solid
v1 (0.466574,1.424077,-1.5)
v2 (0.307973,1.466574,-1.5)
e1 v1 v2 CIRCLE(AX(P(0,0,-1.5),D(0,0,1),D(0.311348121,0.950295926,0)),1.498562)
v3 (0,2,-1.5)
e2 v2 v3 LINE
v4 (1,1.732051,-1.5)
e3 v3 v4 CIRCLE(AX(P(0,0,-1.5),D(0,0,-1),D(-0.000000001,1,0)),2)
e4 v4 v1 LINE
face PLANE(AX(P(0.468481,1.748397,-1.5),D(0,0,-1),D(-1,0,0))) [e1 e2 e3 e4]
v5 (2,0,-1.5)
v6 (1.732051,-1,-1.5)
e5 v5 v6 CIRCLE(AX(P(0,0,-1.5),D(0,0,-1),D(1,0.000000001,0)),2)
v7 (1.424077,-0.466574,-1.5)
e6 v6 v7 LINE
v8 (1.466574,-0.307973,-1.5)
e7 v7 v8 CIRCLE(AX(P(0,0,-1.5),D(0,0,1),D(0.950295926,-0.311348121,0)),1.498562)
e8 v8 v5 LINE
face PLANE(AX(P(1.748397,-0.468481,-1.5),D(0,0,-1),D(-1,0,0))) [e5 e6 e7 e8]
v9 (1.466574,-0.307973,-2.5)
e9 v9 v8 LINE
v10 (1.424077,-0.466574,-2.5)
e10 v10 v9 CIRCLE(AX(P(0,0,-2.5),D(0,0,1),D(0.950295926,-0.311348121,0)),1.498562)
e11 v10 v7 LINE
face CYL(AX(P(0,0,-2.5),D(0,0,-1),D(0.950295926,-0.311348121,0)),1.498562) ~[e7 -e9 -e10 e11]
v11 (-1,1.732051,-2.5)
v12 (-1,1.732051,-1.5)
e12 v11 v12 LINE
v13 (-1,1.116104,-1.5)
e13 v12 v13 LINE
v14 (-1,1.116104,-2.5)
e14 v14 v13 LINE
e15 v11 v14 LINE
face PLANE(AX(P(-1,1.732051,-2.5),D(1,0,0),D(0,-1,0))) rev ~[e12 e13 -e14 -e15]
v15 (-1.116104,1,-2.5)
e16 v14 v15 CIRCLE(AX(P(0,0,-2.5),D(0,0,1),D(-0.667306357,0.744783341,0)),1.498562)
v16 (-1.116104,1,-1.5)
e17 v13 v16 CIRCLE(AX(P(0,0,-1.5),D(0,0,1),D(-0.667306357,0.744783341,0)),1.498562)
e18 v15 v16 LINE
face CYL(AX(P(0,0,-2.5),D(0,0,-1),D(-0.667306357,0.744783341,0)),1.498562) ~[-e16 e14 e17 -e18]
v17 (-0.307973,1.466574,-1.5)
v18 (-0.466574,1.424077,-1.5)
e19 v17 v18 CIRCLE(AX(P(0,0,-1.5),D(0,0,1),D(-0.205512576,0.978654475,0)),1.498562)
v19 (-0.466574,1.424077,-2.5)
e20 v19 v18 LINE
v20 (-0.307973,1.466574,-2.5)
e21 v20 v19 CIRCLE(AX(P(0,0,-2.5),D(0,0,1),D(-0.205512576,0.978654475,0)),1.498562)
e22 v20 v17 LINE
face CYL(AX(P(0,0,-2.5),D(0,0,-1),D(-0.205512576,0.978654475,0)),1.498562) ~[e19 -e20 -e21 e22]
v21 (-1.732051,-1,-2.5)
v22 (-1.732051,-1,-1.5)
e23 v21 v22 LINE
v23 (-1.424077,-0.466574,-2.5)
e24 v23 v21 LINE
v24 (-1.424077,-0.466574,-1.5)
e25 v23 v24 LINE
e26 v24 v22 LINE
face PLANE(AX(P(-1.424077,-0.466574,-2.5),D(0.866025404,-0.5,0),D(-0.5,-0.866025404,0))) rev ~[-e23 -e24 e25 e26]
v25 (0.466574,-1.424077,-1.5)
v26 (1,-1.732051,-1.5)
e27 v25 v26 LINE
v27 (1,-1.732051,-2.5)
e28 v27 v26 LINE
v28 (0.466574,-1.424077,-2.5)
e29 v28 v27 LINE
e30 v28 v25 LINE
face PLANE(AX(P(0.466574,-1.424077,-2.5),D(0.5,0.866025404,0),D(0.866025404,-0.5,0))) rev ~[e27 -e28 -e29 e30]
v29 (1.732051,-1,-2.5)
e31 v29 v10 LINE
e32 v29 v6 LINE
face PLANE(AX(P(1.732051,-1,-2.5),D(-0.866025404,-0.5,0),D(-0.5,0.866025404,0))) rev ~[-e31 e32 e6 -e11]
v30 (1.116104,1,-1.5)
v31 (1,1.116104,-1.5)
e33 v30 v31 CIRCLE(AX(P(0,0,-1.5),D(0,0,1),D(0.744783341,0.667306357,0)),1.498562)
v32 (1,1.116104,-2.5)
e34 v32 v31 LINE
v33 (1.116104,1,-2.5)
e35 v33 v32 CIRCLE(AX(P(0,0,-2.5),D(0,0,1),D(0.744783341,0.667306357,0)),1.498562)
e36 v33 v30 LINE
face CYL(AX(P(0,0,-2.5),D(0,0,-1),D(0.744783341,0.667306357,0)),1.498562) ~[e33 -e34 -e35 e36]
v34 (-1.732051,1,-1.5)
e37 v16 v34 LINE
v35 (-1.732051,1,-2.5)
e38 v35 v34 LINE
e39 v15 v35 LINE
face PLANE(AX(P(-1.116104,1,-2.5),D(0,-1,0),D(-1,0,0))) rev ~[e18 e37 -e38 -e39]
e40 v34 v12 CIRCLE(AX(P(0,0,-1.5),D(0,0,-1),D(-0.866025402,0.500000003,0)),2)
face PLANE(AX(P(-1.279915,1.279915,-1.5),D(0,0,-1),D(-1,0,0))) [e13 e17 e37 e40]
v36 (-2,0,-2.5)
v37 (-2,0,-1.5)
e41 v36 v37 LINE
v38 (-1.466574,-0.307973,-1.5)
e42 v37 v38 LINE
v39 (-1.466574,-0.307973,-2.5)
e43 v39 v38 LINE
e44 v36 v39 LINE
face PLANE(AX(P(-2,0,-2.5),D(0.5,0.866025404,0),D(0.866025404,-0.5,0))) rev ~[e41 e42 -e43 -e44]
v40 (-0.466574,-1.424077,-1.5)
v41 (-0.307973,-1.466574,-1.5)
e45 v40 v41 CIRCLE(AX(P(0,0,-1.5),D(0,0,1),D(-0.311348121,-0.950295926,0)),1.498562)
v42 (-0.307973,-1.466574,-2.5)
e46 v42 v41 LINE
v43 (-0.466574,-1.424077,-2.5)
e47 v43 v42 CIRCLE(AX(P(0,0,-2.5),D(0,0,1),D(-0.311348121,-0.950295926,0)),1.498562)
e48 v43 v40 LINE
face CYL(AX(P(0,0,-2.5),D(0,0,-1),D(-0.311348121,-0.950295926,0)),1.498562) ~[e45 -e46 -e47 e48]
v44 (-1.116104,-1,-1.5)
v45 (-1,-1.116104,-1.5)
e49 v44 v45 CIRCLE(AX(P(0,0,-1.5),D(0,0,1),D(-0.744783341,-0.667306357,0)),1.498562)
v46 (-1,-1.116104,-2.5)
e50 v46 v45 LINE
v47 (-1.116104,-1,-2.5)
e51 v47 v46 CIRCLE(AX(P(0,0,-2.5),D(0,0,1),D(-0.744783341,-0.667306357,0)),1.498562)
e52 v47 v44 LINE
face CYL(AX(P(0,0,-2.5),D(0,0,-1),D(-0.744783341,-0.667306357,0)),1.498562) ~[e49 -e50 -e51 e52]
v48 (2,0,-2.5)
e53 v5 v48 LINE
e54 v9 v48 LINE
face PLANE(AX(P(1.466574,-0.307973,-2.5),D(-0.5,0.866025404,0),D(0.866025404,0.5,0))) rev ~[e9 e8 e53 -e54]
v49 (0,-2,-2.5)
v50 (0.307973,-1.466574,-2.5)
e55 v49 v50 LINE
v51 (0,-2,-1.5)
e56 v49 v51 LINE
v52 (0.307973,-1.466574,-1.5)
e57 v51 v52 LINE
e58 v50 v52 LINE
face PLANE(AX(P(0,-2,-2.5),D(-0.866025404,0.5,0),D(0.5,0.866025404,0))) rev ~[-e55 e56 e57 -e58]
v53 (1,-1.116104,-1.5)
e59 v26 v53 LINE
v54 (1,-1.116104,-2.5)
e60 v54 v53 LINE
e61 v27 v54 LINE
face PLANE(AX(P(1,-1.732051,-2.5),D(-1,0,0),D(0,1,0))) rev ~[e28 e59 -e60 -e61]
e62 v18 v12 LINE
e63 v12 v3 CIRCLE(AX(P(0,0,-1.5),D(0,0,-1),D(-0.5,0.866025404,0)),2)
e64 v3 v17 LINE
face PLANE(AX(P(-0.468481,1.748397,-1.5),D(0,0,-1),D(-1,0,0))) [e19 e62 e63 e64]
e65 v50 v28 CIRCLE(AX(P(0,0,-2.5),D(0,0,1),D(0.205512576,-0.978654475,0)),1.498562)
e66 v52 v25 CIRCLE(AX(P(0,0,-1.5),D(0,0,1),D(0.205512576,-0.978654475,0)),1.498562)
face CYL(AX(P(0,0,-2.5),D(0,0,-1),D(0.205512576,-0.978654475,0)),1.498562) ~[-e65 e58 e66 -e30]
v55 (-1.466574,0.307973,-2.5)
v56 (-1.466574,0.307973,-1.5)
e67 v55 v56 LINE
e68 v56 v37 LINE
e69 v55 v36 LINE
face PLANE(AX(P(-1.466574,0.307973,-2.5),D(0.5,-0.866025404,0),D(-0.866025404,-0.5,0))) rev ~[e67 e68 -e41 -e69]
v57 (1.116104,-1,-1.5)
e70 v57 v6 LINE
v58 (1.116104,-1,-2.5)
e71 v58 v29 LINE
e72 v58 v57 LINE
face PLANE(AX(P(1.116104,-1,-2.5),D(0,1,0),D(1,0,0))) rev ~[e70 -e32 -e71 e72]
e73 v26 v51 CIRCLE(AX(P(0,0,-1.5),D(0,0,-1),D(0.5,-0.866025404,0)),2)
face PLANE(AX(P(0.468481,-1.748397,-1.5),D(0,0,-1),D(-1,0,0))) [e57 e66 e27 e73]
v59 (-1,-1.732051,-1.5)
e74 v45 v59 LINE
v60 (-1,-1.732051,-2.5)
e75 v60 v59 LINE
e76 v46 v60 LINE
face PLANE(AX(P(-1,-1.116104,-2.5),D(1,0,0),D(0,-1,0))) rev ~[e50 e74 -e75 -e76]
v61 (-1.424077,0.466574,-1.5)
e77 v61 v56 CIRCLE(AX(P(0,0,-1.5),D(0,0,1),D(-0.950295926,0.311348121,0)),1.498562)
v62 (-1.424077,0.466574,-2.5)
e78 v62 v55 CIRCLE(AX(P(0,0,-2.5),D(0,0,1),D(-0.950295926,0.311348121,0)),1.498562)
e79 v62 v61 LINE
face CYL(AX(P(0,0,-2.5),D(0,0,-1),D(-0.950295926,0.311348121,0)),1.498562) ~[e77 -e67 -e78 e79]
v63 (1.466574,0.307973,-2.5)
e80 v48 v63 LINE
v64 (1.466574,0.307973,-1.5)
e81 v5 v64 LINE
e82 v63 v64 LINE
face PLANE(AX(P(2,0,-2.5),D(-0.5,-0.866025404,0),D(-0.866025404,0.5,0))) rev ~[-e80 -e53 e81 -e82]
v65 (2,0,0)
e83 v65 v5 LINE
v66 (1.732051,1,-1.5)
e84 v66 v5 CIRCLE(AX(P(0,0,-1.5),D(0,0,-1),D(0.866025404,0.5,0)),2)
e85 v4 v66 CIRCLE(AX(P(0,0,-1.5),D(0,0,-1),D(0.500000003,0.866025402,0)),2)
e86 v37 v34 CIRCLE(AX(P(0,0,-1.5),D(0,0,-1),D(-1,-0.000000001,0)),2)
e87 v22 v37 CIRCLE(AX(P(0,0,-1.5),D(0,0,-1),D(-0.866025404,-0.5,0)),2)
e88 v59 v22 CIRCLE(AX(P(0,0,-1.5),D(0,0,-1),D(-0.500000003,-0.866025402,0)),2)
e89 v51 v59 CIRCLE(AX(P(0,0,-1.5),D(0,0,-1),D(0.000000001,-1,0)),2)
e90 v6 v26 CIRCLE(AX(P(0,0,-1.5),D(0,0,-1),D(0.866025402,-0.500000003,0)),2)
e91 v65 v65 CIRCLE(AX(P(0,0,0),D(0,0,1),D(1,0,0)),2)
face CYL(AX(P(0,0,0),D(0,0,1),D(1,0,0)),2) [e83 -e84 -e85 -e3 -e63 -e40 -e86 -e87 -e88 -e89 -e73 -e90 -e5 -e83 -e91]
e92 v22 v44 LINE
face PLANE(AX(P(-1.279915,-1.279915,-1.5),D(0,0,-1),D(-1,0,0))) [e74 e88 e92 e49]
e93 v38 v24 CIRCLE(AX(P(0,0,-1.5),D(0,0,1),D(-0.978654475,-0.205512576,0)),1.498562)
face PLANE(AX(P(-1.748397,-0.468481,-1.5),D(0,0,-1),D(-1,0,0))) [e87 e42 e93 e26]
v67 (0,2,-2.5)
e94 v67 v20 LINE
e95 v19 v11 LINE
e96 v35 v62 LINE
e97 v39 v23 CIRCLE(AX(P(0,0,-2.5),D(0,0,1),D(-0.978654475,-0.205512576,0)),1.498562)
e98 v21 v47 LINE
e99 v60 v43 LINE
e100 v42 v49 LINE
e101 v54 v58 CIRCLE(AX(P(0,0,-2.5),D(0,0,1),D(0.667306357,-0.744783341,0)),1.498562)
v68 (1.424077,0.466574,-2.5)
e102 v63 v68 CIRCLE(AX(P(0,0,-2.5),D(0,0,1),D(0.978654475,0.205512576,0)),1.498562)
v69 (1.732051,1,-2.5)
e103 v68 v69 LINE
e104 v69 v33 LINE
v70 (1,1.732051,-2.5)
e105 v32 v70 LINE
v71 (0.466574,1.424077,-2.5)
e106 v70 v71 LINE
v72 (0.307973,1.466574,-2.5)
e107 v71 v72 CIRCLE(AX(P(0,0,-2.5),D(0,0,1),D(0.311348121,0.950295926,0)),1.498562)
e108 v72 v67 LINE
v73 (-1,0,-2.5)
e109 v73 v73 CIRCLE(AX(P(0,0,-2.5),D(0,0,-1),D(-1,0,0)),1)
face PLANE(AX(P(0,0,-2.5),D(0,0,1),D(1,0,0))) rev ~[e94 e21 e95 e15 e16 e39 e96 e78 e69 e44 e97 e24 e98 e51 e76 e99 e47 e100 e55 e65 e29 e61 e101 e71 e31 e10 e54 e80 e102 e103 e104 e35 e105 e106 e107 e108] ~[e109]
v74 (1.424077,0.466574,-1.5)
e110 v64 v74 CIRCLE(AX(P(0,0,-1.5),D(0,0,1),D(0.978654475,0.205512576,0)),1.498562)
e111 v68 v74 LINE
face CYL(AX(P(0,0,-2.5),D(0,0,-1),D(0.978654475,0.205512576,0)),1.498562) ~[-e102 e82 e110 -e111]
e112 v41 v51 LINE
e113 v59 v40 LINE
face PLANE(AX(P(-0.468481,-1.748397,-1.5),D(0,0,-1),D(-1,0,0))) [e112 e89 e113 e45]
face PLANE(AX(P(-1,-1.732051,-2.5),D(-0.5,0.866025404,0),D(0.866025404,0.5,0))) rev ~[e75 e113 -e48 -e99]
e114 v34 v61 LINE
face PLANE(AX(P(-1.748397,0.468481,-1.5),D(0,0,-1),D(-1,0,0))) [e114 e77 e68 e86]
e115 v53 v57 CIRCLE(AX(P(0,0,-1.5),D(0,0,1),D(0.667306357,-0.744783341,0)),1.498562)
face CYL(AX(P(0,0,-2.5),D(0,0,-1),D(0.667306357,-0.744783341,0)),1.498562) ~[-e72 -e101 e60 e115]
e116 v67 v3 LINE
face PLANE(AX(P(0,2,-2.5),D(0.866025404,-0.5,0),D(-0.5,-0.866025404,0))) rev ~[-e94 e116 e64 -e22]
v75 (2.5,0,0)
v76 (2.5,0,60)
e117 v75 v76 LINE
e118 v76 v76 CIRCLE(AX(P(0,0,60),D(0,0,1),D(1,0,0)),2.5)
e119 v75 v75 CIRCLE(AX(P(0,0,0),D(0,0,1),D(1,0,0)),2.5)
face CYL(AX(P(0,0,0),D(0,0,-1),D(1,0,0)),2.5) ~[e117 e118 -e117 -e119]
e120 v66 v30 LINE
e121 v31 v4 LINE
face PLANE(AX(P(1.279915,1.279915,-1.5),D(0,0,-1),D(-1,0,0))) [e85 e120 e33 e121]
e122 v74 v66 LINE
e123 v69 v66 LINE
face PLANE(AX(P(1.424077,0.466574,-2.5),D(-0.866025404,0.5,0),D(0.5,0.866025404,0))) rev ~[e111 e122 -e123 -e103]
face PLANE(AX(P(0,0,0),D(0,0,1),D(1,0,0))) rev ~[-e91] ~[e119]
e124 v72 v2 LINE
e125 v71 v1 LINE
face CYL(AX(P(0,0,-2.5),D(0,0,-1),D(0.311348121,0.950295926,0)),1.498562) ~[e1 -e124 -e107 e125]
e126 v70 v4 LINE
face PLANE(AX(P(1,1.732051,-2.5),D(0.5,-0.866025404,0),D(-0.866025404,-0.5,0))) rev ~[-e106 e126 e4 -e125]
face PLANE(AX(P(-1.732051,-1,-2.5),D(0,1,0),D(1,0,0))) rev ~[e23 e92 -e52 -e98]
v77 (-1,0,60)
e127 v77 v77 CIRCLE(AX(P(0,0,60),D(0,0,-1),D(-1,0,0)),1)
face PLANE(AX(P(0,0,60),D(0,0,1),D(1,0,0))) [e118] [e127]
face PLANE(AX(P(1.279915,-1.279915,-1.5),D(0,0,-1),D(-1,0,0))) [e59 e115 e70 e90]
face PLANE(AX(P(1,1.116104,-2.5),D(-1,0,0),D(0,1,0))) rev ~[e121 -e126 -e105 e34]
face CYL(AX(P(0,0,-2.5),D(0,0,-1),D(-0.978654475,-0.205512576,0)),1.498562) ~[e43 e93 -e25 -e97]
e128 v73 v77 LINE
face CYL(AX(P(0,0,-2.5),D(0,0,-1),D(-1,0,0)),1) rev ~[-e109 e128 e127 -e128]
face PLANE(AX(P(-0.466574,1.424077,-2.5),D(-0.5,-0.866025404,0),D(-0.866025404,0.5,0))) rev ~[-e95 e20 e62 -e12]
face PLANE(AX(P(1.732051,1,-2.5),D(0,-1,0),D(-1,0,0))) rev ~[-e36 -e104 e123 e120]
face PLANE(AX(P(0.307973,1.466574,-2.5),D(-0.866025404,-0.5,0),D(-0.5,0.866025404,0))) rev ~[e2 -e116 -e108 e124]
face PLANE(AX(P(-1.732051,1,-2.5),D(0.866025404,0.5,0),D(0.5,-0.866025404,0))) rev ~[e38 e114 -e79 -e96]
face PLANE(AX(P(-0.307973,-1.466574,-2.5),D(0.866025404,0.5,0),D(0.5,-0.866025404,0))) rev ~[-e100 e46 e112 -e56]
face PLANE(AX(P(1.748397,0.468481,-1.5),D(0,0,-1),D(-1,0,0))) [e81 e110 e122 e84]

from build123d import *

# Parameters (mm, degrees)
IZIM1_R                     = 2.5
Y_KSEKLIK_EKSTR_ZYON1_DEPTH = 60
IZIM2_R                     = 2
Y_KSEKLIK_EKSTR_ZYON2_DEPTH = 2.5
KES_EKSTR_ZYON1_DEPTH       = 1
IZIM5_R                     = 1
KES_EKSTR_ZYON2_DEPTH       = 71


with BuildPart() as part:
    # Çizim1 → Yükseklik-Ekstrüzyon1 (new body)
    with BuildSketch(Plane.XY):
        Circle(IZIM1_R)
    extrude(amount=Y_KSEKLIK_EKSTR_ZYON1_DEPTH)

    # Çizim2 → Yükseklik-Ekstrüzyon2 (add)
    with BuildSketch(Plane.XY):
        Circle(IZIM2_R)
    extrude(amount=-Y_KSEKLIK_EKSTR_ZYON2_DEPTH)

    # Çizim4 → Kes-Ekstrüzyon1 (cut)
    with BuildSketch(Plane(origin=(0, 0, -2.5), x_dir=(-1, 0, 0), z_dir=(0, 0, -1))):
        with BuildLine():
            Line((-1.116104082, -1), (-1.732050808, -1))
            ThreePointArc((-1.732050808, -1), (-1.414213562, -1.414213562), (-1, -1.732050808))
            Line((-1, -1.732050808), (-1, -1.116104082))
            ThreePointArc((-1, -1.116104082), (-1.059643412, -1.059643412), (-1.116104082, -1))
        make_face()
        with BuildLine():
            Line((-0.466574488, -1.424077445), (-1, -1.732050808))
            ThreePointArc((-1, -1.732050808), (-0.51763809, -1.931851653), (0, -2))
            Line((0, -2), (-0.307973363, -1.466574488))
            ThreePointArc((-0.307973363, -1.466574488), (-0.387856408, -1.44749982), (-0.466574488, -1.424077445))
        make_face()
        with BuildLine():
            Line((0.307973363, -1.466574488), (0, -2))
            ThreePointArc((0, -2), (0.51763809, -1.931851653), (1, -1.732050808))
            Line((1, -1.732050808), (0.466574488, -1.424077445))
            ThreePointArc((0.466574488, -1.424077445), (0.387856408, -1.44749982), (0.307973363, -1.466574488))
        make_face()
        with BuildLine():
            Line((1, -1.116104082), (1, -1.732050808))
            ThreePointArc((1, -1.732050808), (1.414213562, -1.414213562), (1.732050808, -1))
            Line((1.732050808, -1), (1.116104082, -1))
            ThreePointArc((1.116104082, -1), (1.059643412, -1.059643412), (1, -1.116104082))
        make_face()
        with BuildLine():
            ThreePointArc((1.732050808, -1), (1.931851653, -0.51763809), (2, 0))
            Line((2, 0), (1.466574488, -0.307973363))
            ThreePointArc((1.466574488, -0.307973363), (1.44749982, -0.387856408), (1.424077445, -0.466574488))
            Line((1.424077445, -0.466574488), (1.732050808, -1))
        make_face()
        with BuildLine():
            ThreePointArc((2, 0), (1.931851653, 0.51763809), (1.732050808, 1))
            Line((1.732050808, 1), (1.424077445, 0.466574488))
            ThreePointArc((1.424077445, 0.466574488), (1.44749982, 0.387856408), (1.466574488, 0.307973363))
            Line((1.466574488, 0.307973363), (2, 0))
        make_face()
        with BuildLine():
            ThreePointArc((1.732050808, 1), (1.414213562, 1.414213562), (1, 1.732050808))
            Line((1, 1.732050808), (1, 1.116104082))
            ThreePointArc((1, 1.116104082), (1.059643412, 1.059643412), (1.116104082, 1))
            Line((1.116104082, 1), (1.732050808, 1))
        make_face()
        with BuildLine():
            ThreePointArc((1, 1.732050808), (0.51763809, 1.931851653), (0, 2))
            Line((0, 2), (0.307973363, 1.466574488))
            ThreePointArc((0.307973363, 1.466574488), (0.387856408, 1.44749982), (0.466574488, 1.424077445))
            Line((0.466574488, 1.424077445), (1, 1.732050808))
        make_face()
        with BuildLine():
            ThreePointArc((0, 2), (-0.51763809, 1.931851653), (-1, 1.732050808))
            Line((-1, 1.732050808), (-0.466574488, 1.424077445))
            ThreePointArc((-0.466574488, 1.424077445), (-0.387856408, 1.44749982), (-0.307973363, 1.466574488))
            Line((-0.307973363, 1.466574488), (0, 2))
        make_face()
        with BuildLine():
            ThreePointArc((-1, 1.732050808), (-1.414213562, 1.414213562), (-1.732050808, 1))
            Line((-1.732050808, 1), (-1.116104082, 1))
            ThreePointArc((-1.116104082, 1), (-1.059643412, 1.059643412), (-1, 1.116104082))
            Line((-1, 1.116104082), (-1, 1.732050808))
        make_face()
        with BuildLine():
            Line((-1.424077445, 0.466574488), (-1.732050808, 1))
            ThreePointArc((-1.732050808, 1), (-1.931851653, 0.51763809), (-2, 0))
            Line((-2, 0), (-1.466574488, 0.307973363))
            ThreePointArc((-1.466574488, 0.307973363), (-1.44749982, 0.387856408), (-1.424077445, 0.466574488))
        make_face()
        with BuildLine():
            Line((-1.466574488, -0.307973363), (-2, 0))
            ThreePointArc((-2, 0), (-1.931851653, -0.51763809), (-1.732050808, -1))
            Line((-1.732050808, -1), (-1.424077445, -0.466574488))
            ThreePointArc((-1.424077445, -0.466574488), (-1.44749982, -0.387856408), (-1.466574488, -0.307973363))
        make_face()
    extrude(amount=-KES_EKSTR_ZYON1_DEPTH, mode=Mode.SUBTRACT)

    # Çizim5 → Kes-Ekstrüzyon2 (cut)
    with BuildSketch(Plane(origin=(0, 0, -2.5), x_dir=(-1, 0, 0), z_dir=(0, 0, -1))):
        Circle(IZIM5_R)
    extrude(amount=-KES_EKSTR_ZYON2_DEPTH, mode=Mode.SUBTRACT)


solid = part.part
